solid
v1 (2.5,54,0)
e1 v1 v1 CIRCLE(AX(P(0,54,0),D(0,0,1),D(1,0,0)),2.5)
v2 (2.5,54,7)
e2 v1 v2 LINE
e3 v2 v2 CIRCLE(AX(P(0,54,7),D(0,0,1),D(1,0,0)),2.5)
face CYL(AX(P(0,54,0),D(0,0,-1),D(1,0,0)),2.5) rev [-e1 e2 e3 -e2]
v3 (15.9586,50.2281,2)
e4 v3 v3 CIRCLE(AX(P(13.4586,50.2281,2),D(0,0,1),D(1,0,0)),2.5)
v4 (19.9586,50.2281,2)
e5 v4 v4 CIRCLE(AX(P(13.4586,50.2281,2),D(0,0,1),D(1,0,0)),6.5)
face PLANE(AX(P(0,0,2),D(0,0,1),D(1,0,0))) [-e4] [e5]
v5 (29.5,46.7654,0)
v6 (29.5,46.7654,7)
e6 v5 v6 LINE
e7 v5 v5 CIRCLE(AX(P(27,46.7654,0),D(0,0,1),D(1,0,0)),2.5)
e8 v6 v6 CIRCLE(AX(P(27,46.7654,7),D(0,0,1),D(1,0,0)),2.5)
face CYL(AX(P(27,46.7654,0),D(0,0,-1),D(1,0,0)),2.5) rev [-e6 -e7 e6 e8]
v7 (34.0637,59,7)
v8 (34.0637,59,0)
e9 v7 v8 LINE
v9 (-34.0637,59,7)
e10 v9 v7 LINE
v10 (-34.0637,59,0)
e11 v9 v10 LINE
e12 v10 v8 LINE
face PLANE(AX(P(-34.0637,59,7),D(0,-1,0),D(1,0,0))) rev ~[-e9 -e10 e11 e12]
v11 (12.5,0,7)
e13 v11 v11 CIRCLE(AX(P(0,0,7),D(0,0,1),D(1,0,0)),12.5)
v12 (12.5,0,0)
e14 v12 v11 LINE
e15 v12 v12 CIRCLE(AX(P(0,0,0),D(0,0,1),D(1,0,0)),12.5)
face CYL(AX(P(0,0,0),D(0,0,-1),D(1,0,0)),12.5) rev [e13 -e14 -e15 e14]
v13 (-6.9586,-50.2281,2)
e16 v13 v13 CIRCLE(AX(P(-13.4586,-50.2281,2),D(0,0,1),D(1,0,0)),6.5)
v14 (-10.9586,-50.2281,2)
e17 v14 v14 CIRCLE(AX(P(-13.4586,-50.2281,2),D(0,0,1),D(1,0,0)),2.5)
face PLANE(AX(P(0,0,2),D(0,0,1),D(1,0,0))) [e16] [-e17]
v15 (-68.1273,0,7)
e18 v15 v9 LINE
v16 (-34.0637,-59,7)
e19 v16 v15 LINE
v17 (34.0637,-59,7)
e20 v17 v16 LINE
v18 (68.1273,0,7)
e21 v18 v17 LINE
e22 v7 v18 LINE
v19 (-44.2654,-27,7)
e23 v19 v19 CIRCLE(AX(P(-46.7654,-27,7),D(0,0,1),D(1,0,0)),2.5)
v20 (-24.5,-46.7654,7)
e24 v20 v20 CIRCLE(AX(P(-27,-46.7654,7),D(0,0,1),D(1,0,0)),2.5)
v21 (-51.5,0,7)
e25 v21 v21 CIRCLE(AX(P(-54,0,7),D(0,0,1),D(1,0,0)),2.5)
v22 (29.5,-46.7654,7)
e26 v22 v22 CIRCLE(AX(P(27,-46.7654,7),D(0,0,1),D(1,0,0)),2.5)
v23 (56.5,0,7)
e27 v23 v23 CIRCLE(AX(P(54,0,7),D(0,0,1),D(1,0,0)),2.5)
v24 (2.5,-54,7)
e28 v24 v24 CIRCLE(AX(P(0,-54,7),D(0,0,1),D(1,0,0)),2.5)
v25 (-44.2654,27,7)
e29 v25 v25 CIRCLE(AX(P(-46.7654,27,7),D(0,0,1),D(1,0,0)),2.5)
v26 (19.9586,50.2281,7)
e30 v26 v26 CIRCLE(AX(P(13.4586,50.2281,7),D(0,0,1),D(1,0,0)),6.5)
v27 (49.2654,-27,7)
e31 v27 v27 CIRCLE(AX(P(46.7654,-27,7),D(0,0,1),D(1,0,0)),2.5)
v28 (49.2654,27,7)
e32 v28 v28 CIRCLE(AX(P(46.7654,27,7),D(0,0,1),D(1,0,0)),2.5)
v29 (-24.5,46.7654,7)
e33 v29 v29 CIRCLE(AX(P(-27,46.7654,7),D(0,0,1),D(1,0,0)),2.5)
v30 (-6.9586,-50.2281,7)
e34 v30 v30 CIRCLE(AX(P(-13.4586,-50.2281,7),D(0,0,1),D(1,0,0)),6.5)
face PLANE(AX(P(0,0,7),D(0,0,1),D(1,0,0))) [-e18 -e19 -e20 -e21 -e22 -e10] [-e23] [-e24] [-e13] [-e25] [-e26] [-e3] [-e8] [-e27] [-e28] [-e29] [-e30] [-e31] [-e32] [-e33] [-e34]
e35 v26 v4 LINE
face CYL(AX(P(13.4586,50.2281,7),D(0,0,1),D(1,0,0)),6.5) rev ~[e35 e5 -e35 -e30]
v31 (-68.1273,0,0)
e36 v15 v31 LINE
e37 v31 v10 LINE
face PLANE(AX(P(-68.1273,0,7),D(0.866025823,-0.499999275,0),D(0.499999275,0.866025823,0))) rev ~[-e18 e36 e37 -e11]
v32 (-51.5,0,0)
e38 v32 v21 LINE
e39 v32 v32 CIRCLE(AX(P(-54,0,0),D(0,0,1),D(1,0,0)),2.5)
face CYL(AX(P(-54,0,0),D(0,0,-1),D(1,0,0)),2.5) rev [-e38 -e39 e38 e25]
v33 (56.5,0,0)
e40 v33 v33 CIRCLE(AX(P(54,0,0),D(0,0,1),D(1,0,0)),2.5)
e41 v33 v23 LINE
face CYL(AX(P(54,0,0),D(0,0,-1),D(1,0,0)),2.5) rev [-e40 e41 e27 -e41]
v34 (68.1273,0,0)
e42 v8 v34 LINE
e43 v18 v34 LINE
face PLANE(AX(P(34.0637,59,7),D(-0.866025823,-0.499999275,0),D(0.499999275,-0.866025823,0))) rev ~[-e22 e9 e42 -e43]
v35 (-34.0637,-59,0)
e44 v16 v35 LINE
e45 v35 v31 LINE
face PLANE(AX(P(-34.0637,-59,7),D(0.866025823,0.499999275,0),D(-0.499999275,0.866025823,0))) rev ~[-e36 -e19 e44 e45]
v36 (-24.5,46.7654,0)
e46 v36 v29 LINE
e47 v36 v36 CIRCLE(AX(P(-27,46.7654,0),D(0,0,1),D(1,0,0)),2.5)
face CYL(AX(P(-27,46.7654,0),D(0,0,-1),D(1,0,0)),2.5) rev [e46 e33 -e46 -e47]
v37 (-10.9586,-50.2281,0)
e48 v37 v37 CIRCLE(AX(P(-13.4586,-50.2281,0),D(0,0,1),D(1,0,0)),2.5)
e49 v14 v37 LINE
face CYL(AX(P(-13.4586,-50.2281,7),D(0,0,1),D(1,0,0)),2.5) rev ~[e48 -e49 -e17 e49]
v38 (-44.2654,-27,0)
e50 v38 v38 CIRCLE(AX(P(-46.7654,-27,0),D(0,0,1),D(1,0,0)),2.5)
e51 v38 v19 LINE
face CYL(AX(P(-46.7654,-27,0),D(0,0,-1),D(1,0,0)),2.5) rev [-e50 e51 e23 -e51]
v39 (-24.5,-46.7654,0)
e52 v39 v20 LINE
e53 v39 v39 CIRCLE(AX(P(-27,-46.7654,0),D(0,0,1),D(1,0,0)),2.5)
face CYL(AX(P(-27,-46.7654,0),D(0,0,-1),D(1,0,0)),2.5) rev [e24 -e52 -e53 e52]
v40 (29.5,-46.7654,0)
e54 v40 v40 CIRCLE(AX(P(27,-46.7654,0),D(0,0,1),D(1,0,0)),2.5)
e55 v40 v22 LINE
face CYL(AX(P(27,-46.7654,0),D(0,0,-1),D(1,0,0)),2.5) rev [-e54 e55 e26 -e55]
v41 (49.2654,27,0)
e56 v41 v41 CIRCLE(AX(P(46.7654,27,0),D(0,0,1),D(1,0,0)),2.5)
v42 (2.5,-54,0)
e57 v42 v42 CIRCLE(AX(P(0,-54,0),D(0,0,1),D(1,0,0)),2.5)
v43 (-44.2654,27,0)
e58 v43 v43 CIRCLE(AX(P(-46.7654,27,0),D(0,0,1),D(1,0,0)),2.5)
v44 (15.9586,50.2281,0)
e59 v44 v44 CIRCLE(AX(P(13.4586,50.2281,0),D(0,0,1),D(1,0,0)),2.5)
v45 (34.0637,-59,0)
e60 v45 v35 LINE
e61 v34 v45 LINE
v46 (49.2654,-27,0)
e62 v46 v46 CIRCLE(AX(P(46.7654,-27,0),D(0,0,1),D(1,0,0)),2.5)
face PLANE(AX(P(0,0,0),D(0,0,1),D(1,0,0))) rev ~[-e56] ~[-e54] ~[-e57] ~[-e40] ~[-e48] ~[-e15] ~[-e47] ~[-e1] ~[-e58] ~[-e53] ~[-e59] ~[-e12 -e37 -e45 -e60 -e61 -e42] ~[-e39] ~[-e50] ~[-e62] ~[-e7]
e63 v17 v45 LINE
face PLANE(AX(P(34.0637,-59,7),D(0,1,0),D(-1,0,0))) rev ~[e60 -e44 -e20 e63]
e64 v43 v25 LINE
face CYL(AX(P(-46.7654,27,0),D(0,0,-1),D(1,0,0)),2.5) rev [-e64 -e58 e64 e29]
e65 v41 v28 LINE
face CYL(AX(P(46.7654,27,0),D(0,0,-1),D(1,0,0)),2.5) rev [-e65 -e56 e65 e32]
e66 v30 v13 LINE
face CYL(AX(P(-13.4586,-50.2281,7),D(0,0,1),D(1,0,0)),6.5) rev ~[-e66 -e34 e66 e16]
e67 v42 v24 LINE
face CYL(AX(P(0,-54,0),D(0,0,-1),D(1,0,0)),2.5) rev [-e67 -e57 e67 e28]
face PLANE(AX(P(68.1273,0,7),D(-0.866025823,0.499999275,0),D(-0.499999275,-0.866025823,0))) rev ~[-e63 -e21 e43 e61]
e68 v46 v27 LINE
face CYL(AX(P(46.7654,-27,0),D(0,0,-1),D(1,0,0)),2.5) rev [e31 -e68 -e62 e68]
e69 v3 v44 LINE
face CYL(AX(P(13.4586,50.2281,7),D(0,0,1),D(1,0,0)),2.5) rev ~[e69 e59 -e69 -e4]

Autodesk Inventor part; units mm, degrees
ref_plane "YZ Plane" through (0, 0, 0) normal (1, 0, 0) x (0, 1, 0)
ref_plane "XZ Plane" through (0, 0, 0) normal (0, 1, 0) x (-1, 0, 0)
ref_plane "XY Plane" through (0, 0, 0) normal (0, 0, 1) x (1, 0, 0)
sketch "Sketch1" plane through (0, 0, 0) normal (0, 0, 1) x (1, 0, 0)
  line L0 (77.9423, 0) -> (38.9711, -67.5)
  line L1 (38.9711, -67.5) -> (-38.9711, -67.5)
  line L2 (-38.9711, -67.5) -> (-77.9423, 0)
  line L3 (-77.9423, 0) -> (-38.9711, 67.5)
  line L4 (-38.9711, 67.5) -> (38.9711, 67.5)
  line L5 (38.9711, 67.5) -> (77.9423, 0)
  circle A0 centre (0, 0) radius 12.5
  circle A1 centre (54, 0) radius 2.5
  circle A2 centre (46.7654, 27) radius 2.5
  circle A3 centre (27, 46.7654) radius 2.5
  circle A4 centre (0, 54) radius 2.5
  circle A5 centre (-27, 46.7654) radius 2.5
  circle A6 centre (-46.7654, 27) radius 2.5
  circle A7 centre (-54, 0) radius 2.5
  circle A8 centre (-46.7654, -27) radius 2.5
  circle A9 centre (-27, -46.7654) radius 2.5
  circle A10 centre (0, -54) radius 2.5
  circle A11 centre (27, -46.7654) radius 2.5
  circle A12 centre (46.7654, -27) radius 2.5
  dimension "d0" = 135
  dimension "d1" = 25
  dimension "d2" = 54
  dimension "d3" = 5
  dimension "d6" = 360
extrude "Extrusion1" add sketch "Sketch1" along normal blind 7
sketch "Sketch5" plane through (0, 0, 7) normal (0, 0, 1) x (1, 0, 0)
  circle A0 centre (0, 0) radius 12.5 projected
  circle A1 centre (46.7654, -27) radius 2.5 projected
  circle A2 centre (27, -46.7654) radius 2.5 projected
  circle A3 centre (-27, -46.7654) radius 2.5 projected
  circle A4 centre (-46.7654, -27) radius 2.5 projected
  circle A5 centre (-54, 0) radius 2.5 projected
  circle A6 centre (-46.7654, 27) radius 2.5 projected
  circle A7 centre (-27, 46.7654) radius 2.5 projected
  circle A8 centre (27, 46.7654) radius 2.5 projected
  circle A9 centre (46.7654, 27) radius 2.5 projected
  circle A10 centre (54, 0) radius 2.5 projected
  line L0 (38.9711, -67.5) -> (77.9423, 0) projected
  line L1 (77.9423, 0) -> (38.9711, 67.5) projected
  line L2 (38.9711, 67.5) -> (-38.9711, 67.5) projected
  line L3 (-38.9711, 67.5) -> (-77.9423, 0) projected
  line L4 (-77.9423, 0) -> (-38.9711, -67.5) projected
  line L5 (-38.9711, -67.5) -> (38.9711, -67.5) projected
  line L6 (-68.1273, 0) -> (-34.0637, 59)
  line L7 (-34.0637, 59) -> (34.0637, 59)
  line L8 (34.0637, 59) -> (68.1273, 0)
  line L9 (68.1273, 0) -> (34.0637, -59)
  line L10 (34.0637, -59) -> (-34.0637, -59)
  line L11 (-34.0637, -59) -> (-68.1273, 0)
  dimension "d30" = 118
extrude "Extrusion5" cut sketch "Sketch5" against normal through all contours L5 L4 L3 L2 L1 L0
sketch "Sketch6" plane through (0, 0, 7) normal (0, 0, 1) x (1, 0, 0)
  circle A0 centre (0, 52) radius 2.5
  circle A1 centre (-13.4586, 50.2281) radius 2.5
  circle A2 centre (-26, 45.0333) radius 2.5
  circle A3 centre (-36.7696, 36.7696) radius 2.5
  circle A4 centre (-45.0333, 26) radius 2.5
  circle A5 centre (-50.2281, 13.4586) radius 2.5
  circle A6 centre (-52, 0) radius 2.5
  circle A7 centre (-50.2281, -13.4586) radius 2.5
  circle A8 centre (-45.0333, -26) radius 2.5
  circle A9 centre (-36.7696, -36.7696) radius 2.5
  circle A10 centre (-26, -45.0333) radius 2.5
  circle A11 centre (-13.4586, -50.2281) radius 2.5
  circle A12 centre (0, -52) radius 2.5
  circle A13 centre (13.4586, -50.2281) radius 2.5
  circle A14 centre (26, -45.0333) radius 2.5
  circle A15 centre (36.7696, -36.7696) radius 2.5
  circle A16 centre (45.0333, -26) radius 2.5
  circle A17 centre (50.2281, -13.4586) radius 2.5
  circle A18 centre (52, 0) radius 2.5
  circle A19 centre (50.2281, 13.4586) radius 2.5
  circle A20 centre (45.0333, 26) radius 2.5
  circle A21 centre (36.7696, 36.7696) radius 2.5
  circle A22 centre (26, 45.0333) radius 2.5
  circle A23 centre (13.4586, 50.2281) radius 2.5
  point P0 (0, 0)
  dimension "d35" = 5
  dimension "d38" = 360
  dimension "d40" = 52
extrude "Extrusion6" cut sketch "Sketch6" against normal through all contours A11 | A23
sketch "Sketch7" plane through (0, 0, 7) normal (0, 0, 1) x (1, 0, 0)
  circle A0 centre (13.4586, 50.2281) radius 2.5 projected
  circle A1 centre (-13.4586, -50.2281) radius 2.5 projected
  circle A2 centre (13.4586, 50.2281) radius 6.5
  circle A3 centre (-13.4586, -50.2281) radius 6.5
  point P0 (0, 0)
  dimension "d43" = 13
  dimension "d44" = 13
extrude "Extrusion7" cut sketch "Sketch7" against normal blind 5 contours A0 | A1 | A2 | A3
properties part number "AC04" material "ABS Plastic"
